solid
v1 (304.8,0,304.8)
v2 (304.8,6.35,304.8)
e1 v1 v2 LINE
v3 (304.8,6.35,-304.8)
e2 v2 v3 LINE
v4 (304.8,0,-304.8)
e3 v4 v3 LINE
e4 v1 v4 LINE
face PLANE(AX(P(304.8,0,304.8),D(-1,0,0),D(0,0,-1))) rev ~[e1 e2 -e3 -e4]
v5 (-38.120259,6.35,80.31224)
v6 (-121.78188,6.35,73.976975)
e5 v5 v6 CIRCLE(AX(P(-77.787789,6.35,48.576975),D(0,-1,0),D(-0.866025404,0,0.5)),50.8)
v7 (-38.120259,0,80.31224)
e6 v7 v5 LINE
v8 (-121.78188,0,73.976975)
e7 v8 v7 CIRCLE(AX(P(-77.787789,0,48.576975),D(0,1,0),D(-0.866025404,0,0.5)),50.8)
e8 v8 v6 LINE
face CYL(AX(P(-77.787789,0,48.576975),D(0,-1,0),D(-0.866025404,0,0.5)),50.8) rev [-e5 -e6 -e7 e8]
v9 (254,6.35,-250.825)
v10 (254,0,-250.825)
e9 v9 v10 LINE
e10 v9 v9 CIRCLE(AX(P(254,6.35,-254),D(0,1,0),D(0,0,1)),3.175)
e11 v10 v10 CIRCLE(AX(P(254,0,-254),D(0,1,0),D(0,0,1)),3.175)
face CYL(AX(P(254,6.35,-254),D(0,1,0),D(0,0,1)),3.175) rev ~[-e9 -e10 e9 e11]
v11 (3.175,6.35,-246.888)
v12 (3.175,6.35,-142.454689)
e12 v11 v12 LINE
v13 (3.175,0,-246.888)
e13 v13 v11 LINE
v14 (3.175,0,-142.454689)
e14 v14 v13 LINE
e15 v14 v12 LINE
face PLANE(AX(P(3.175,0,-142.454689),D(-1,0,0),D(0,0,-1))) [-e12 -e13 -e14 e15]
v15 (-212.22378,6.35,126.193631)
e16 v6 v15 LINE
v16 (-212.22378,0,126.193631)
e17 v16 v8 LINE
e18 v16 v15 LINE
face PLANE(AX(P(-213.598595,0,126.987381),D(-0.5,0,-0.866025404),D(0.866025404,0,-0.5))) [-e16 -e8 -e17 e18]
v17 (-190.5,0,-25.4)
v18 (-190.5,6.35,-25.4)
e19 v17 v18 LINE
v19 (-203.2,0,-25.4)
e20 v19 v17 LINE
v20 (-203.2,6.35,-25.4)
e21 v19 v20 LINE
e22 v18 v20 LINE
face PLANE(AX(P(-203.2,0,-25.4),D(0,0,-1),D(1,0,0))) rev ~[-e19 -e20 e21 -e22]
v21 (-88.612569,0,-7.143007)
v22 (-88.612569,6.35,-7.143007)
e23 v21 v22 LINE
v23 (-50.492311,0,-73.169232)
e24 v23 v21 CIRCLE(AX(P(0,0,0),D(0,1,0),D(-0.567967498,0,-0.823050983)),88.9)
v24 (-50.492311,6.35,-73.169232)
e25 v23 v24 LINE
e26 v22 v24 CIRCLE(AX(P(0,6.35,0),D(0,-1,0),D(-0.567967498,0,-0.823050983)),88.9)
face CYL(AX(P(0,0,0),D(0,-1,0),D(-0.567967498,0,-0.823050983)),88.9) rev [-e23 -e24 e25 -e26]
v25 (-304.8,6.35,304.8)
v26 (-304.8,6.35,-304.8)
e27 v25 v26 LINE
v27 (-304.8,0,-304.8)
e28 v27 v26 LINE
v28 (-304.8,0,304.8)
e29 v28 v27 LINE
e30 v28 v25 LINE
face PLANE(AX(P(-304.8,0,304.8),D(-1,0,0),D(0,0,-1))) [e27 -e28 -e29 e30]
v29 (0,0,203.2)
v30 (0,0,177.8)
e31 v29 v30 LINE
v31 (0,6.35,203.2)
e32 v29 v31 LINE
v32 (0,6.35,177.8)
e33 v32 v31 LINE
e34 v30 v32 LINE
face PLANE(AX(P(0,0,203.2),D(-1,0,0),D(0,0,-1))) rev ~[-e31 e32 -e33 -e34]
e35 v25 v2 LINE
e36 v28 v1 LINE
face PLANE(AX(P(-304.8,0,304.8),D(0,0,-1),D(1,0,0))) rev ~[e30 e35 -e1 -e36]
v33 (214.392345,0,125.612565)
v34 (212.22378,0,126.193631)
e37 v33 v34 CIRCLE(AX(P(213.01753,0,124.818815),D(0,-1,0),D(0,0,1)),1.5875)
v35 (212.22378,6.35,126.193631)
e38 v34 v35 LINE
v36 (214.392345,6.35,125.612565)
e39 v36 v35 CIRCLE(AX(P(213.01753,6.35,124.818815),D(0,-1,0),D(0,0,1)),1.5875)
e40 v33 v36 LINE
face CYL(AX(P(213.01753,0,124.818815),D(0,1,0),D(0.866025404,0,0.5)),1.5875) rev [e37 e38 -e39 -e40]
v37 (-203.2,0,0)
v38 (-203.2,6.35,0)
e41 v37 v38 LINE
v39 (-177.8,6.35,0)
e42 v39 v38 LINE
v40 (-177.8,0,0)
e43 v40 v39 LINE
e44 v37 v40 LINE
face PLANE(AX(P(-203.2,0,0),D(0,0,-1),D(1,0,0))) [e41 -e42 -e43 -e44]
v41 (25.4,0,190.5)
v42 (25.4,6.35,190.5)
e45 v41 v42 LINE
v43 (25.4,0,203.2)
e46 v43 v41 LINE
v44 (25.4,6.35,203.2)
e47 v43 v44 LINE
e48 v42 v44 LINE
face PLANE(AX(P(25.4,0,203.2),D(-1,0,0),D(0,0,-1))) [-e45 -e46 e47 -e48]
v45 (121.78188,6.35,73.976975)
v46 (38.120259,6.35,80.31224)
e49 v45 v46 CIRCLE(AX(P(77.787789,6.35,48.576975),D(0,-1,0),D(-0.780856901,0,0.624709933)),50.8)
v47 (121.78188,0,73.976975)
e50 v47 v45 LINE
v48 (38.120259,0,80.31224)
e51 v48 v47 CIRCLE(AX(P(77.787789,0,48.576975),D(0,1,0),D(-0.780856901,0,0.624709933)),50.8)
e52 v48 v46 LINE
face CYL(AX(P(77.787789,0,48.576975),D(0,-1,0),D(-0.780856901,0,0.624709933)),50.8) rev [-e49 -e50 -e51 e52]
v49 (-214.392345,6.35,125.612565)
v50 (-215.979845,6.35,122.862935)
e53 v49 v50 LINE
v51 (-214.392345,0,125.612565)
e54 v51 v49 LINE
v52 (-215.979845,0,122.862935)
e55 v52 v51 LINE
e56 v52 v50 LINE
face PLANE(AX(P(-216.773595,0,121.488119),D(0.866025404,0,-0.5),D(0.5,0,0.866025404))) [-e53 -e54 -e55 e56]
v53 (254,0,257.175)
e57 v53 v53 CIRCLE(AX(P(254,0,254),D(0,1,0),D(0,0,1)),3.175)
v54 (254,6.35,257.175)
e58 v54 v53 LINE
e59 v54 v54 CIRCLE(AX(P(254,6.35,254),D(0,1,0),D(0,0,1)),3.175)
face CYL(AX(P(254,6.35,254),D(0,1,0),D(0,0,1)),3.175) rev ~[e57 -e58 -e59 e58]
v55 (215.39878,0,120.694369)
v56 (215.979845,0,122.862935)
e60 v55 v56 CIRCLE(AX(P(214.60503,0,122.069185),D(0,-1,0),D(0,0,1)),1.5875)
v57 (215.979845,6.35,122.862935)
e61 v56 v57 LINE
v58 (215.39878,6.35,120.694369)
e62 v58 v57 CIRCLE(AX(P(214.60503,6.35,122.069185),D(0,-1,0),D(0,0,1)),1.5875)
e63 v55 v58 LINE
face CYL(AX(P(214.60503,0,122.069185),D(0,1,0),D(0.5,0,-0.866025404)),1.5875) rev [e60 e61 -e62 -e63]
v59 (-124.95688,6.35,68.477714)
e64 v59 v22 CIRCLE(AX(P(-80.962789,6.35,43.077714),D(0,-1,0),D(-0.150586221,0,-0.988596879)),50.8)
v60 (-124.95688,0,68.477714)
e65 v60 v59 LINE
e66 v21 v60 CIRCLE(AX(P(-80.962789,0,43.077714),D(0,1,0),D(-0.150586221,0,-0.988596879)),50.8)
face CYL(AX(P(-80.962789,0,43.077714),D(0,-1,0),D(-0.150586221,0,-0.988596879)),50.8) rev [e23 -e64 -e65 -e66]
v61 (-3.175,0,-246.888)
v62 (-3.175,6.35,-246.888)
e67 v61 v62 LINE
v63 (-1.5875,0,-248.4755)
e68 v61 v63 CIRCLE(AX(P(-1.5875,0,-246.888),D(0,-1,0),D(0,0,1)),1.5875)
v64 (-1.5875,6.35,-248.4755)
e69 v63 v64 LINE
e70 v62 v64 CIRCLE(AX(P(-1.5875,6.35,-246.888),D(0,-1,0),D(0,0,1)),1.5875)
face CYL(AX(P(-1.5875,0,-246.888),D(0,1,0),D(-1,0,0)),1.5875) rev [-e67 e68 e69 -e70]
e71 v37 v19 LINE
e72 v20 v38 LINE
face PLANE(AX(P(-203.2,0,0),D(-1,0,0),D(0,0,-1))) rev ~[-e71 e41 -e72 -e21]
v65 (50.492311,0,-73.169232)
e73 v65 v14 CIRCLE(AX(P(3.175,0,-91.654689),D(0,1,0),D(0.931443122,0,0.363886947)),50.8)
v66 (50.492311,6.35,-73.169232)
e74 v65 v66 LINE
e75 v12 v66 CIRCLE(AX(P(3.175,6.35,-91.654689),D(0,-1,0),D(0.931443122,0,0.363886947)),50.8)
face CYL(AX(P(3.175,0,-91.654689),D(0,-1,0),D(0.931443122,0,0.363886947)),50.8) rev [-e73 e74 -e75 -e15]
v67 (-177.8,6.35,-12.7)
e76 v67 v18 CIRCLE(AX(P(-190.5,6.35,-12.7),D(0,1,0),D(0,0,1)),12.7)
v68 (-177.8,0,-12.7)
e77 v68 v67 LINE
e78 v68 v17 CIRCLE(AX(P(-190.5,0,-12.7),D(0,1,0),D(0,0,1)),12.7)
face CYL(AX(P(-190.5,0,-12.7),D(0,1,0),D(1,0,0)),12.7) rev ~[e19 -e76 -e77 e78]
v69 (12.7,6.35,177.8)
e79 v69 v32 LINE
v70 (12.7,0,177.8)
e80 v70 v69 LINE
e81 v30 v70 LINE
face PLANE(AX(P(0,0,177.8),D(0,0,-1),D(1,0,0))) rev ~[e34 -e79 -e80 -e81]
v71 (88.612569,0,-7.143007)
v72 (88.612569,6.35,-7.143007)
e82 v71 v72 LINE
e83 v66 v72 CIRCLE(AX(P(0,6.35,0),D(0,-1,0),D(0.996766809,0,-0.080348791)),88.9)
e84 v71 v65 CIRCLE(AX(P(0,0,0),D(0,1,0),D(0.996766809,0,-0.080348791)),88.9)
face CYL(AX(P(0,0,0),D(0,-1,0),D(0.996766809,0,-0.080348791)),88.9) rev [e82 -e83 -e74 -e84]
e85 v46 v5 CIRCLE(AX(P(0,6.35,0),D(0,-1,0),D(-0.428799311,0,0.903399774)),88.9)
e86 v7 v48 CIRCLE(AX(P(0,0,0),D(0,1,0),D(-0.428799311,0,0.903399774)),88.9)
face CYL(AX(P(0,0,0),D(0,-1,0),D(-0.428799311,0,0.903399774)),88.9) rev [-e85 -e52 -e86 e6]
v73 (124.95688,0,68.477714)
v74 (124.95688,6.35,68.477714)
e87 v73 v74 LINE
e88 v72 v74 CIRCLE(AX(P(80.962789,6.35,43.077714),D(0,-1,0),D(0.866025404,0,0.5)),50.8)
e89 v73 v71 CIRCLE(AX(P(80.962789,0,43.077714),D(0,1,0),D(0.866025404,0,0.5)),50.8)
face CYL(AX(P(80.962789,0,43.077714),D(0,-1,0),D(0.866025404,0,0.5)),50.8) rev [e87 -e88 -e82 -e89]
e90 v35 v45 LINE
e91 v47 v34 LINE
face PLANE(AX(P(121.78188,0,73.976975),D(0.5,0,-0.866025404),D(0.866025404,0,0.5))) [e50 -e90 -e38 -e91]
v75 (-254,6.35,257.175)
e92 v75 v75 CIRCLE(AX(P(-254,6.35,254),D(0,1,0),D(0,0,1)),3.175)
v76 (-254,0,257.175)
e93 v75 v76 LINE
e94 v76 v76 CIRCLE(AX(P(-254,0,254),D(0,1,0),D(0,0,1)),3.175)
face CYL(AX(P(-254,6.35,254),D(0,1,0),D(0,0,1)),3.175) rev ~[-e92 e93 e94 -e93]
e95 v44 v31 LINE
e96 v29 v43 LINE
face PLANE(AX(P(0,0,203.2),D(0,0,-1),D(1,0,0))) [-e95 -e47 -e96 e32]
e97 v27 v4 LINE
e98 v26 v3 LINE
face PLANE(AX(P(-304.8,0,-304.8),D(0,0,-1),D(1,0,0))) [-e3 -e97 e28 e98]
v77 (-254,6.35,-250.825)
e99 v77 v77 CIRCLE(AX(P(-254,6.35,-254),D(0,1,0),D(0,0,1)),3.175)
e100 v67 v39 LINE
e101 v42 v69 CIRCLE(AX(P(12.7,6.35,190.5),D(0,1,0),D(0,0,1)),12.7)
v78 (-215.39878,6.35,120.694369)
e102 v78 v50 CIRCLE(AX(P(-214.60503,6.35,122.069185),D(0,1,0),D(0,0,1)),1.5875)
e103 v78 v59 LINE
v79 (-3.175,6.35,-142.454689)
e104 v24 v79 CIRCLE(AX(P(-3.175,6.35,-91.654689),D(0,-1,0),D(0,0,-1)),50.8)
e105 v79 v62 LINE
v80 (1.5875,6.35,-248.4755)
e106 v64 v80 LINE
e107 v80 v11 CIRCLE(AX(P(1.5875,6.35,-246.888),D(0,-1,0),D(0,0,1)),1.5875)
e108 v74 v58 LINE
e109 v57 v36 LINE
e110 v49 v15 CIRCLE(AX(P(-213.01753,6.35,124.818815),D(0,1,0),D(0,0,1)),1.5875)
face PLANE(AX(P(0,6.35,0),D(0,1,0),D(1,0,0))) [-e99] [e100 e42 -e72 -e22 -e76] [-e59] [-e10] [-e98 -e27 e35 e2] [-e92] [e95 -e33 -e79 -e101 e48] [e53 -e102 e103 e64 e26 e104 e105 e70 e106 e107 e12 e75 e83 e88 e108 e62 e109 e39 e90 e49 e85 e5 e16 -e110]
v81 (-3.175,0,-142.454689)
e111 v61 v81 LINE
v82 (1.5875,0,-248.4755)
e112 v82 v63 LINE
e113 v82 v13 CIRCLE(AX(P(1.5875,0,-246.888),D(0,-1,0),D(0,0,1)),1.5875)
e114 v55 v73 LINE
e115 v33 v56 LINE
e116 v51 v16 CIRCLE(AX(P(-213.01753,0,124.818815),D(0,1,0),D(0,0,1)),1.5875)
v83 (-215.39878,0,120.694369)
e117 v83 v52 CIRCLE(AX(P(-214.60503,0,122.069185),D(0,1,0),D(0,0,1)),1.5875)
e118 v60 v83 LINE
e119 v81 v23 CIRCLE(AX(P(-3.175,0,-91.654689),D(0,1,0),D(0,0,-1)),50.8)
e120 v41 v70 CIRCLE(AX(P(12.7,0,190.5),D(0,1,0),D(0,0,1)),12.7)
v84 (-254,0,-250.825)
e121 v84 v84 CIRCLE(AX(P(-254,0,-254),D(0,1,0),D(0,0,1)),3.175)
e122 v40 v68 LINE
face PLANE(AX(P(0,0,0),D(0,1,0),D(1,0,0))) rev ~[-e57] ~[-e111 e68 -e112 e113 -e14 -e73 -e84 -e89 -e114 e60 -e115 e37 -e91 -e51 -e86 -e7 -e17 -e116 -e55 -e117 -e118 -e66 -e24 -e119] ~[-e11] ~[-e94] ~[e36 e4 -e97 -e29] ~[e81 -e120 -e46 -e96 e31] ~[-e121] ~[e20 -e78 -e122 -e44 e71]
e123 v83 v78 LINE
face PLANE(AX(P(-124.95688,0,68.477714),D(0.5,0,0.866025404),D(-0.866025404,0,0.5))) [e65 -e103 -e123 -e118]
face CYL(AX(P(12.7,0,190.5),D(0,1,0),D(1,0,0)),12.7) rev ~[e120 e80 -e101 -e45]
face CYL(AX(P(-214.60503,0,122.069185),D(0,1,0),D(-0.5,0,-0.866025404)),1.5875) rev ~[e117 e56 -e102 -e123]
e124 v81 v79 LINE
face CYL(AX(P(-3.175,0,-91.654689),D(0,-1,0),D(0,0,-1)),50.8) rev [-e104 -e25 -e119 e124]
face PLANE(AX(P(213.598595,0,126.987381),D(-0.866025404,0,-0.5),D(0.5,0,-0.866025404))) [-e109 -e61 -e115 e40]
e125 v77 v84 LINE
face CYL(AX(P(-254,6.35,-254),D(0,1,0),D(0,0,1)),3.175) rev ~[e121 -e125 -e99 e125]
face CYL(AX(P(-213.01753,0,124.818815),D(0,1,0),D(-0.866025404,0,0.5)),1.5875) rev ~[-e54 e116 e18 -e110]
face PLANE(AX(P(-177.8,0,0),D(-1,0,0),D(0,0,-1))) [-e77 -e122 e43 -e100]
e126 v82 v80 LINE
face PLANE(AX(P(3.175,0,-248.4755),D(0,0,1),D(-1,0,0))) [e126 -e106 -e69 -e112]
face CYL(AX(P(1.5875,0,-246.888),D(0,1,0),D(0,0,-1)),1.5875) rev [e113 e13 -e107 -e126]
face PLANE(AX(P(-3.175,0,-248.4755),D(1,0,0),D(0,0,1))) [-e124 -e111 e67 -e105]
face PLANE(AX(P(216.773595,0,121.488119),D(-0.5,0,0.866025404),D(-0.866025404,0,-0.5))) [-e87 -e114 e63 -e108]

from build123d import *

# Parameters (mm, degrees)
SKETCH1_W           = 609.6
SKETCH1_H           = 609.6
BOSS_EXTRUDE1_DEPTH = 6.35
CUT_EXTRUDE2_DEPTH  = 432.099063441
SKETCH4_W           = 25.4
SKETCH4_H           = 25.4
CUT_EXTRUDE8_DEPTH  = 432.099063441
FILLET4_R           = 12.7
FILLET5_R           = 12.7
SKETCH5_R           = 3.175
CUT_EXTRUDE9_DEPTH  = 432.099063441
FILLET9_R           = 1.5875


with BuildPart() as part:
    # Sketch1 → Boss-Extrude1 (new body)
    with BuildSketch(Plane(origin=(0, 0, 0), x_dir=(1, 0, 0), z_dir=(0, 1, 0))):
        Rectangle(SKETCH1_W, SKETCH1_H)
    extrude(amount=BOSS_EXTRUDE1_DEPTH)

    # Sketch3 → Cut-Extrude2 (cut, through all)
    with BuildSketch(Plane(origin=(0, 0, 0), x_dir=(1, 0, 0), z_dir=(0, 1, 0))):
        with BuildLine():
            Line((-3.175, 248.4755), (-3.175, 142.454689298))
            ThreePointArc((-3.175, 142.454689298), (-45.125573361, 120.304111538), (-50.492310608, 73.169232396))
            ThreePointArc((-50.492310608, 73.169232396), (-76.989658396, 44.45), (-88.612569335, 7.143007484))
            ThreePointArc((-88.612569335, 7.143007484), (-126.749203452, -21.072162878), (-124.95687982, -68.477713992))
            Line((-124.95687982, -68.477713992), (-216.773595218, -121.488119343))
            Line((-216.773595218, -121.488119343), (-213.598595218, -126.987380657))
            Line((-213.598595218, -126.987380657), (-121.78187982, -73.976975306))
            ThreePointArc((-121.78187982, -73.976975306), (-81.623630091, -99.23194866), (-38.120258727, -80.31223988))
            ThreePointArc((-38.120258727, -80.31223988), (0, -88.9), (38.120258727, -80.31223988))
            ThreePointArc((38.120258727, -80.31223988), (81.623630091, -99.23194866), (121.78187982, -73.976975306))
            Line((121.78187982, -73.976975306), (213.598595218, -126.987380657))
            Line((213.598595218, -126.987380657), (216.773595218, -121.488119343))
            Line((216.773595218, -121.488119343), (124.95687982, -68.477713992))
            ThreePointArc((124.95687982, -68.477713992), (126.749203452, -21.072162878), (88.612569335, 7.143007484))
            ThreePointArc((88.612569335, 7.143007484), (76.989658396, 44.45), (50.492310608, 73.169232396))
            ThreePointArc((50.492310608, 73.169232396), (45.125573361, 120.304111538), (3.175, 142.454689298))
            Line((3.175, 142.454689298), (3.175, 248.4755))
            Line((3.175, 248.4755), (-3.175, 248.4755))
        make_face()
    extrude(amount=CUT_EXTRUDE2_DEPTH, mode=Mode.SUBTRACT)

    # Sketch4 → Cut-Extrude8 (cut, through all)
    with BuildSketch(Plane(origin=(0, 0, 0), x_dir=(1, 0, 0), z_dir=(0, 1, 0))):
        with Locations((12.7, -190.5)):
            Rectangle(SKETCH4_W, SKETCH4_H)
        with Locations((-190.5, 12.7)):
            Rectangle(SKETCH4_W, SKETCH4_H)
    extrude(amount=CUT_EXTRUDE8_DEPTH, mode=Mode.SUBTRACT)

    # Fillet4
    fillet4_edges = [part.edges().sort_by_distance(p)[0] for p in [
        (-177.8, 3.175, -25.4),
    ]]
    fillet(fillet4_edges, radius=FILLET4_R)

    # Fillet5
    fillet5_edges = [part.edges().sort_by_distance(p)[0] for p in [
        (25.4, 3.175, 177.8),
    ]]
    fillet(fillet5_edges, radius=FILLET5_R)

    # Sketch5 → Cut-Extrude9 (cut, through all)
    with BuildSketch(Plane(origin=(0, 6.35, 0), x_dir=(1, 0, 0), z_dir=(0, 1, 0))):
        with Locations(Location((-254, 254, 0), (0, 0, 270))):
            Circle(SKETCH5_R)
        with Locations(Location((254, 254, 0), (0, 0, 270))):
            Circle(SKETCH5_R)
        with Locations(Location((254, -254, 0), (0, 0, 270))):
            Circle(SKETCH5_R)
        with Locations(Location((-254, -254, 0), (0, 0, 270))):
            Circle(SKETCH5_R)
    extrude(amount=-CUT_EXTRUDE9_DEPTH, mode=Mode.SUBTRACT)

    # Fillet9
    fillet9_edges = [part.edges().sort_by_distance(p)[0] for p in [
        (3.175, 3.175, -248.4755),
        (-3.175, 3.175, -248.4755),
        (-216.773595218, 3.175, 121.488119343),
        (-213.598595218, 3.175, 126.987380657),
        (213.598595218, 3.175, 126.987380657),
        (216.773595218, 3.175, 121.488119343),
    ]]
    fillet(fillet9_edges, radius=FILLET9_R)


solid = part.part
